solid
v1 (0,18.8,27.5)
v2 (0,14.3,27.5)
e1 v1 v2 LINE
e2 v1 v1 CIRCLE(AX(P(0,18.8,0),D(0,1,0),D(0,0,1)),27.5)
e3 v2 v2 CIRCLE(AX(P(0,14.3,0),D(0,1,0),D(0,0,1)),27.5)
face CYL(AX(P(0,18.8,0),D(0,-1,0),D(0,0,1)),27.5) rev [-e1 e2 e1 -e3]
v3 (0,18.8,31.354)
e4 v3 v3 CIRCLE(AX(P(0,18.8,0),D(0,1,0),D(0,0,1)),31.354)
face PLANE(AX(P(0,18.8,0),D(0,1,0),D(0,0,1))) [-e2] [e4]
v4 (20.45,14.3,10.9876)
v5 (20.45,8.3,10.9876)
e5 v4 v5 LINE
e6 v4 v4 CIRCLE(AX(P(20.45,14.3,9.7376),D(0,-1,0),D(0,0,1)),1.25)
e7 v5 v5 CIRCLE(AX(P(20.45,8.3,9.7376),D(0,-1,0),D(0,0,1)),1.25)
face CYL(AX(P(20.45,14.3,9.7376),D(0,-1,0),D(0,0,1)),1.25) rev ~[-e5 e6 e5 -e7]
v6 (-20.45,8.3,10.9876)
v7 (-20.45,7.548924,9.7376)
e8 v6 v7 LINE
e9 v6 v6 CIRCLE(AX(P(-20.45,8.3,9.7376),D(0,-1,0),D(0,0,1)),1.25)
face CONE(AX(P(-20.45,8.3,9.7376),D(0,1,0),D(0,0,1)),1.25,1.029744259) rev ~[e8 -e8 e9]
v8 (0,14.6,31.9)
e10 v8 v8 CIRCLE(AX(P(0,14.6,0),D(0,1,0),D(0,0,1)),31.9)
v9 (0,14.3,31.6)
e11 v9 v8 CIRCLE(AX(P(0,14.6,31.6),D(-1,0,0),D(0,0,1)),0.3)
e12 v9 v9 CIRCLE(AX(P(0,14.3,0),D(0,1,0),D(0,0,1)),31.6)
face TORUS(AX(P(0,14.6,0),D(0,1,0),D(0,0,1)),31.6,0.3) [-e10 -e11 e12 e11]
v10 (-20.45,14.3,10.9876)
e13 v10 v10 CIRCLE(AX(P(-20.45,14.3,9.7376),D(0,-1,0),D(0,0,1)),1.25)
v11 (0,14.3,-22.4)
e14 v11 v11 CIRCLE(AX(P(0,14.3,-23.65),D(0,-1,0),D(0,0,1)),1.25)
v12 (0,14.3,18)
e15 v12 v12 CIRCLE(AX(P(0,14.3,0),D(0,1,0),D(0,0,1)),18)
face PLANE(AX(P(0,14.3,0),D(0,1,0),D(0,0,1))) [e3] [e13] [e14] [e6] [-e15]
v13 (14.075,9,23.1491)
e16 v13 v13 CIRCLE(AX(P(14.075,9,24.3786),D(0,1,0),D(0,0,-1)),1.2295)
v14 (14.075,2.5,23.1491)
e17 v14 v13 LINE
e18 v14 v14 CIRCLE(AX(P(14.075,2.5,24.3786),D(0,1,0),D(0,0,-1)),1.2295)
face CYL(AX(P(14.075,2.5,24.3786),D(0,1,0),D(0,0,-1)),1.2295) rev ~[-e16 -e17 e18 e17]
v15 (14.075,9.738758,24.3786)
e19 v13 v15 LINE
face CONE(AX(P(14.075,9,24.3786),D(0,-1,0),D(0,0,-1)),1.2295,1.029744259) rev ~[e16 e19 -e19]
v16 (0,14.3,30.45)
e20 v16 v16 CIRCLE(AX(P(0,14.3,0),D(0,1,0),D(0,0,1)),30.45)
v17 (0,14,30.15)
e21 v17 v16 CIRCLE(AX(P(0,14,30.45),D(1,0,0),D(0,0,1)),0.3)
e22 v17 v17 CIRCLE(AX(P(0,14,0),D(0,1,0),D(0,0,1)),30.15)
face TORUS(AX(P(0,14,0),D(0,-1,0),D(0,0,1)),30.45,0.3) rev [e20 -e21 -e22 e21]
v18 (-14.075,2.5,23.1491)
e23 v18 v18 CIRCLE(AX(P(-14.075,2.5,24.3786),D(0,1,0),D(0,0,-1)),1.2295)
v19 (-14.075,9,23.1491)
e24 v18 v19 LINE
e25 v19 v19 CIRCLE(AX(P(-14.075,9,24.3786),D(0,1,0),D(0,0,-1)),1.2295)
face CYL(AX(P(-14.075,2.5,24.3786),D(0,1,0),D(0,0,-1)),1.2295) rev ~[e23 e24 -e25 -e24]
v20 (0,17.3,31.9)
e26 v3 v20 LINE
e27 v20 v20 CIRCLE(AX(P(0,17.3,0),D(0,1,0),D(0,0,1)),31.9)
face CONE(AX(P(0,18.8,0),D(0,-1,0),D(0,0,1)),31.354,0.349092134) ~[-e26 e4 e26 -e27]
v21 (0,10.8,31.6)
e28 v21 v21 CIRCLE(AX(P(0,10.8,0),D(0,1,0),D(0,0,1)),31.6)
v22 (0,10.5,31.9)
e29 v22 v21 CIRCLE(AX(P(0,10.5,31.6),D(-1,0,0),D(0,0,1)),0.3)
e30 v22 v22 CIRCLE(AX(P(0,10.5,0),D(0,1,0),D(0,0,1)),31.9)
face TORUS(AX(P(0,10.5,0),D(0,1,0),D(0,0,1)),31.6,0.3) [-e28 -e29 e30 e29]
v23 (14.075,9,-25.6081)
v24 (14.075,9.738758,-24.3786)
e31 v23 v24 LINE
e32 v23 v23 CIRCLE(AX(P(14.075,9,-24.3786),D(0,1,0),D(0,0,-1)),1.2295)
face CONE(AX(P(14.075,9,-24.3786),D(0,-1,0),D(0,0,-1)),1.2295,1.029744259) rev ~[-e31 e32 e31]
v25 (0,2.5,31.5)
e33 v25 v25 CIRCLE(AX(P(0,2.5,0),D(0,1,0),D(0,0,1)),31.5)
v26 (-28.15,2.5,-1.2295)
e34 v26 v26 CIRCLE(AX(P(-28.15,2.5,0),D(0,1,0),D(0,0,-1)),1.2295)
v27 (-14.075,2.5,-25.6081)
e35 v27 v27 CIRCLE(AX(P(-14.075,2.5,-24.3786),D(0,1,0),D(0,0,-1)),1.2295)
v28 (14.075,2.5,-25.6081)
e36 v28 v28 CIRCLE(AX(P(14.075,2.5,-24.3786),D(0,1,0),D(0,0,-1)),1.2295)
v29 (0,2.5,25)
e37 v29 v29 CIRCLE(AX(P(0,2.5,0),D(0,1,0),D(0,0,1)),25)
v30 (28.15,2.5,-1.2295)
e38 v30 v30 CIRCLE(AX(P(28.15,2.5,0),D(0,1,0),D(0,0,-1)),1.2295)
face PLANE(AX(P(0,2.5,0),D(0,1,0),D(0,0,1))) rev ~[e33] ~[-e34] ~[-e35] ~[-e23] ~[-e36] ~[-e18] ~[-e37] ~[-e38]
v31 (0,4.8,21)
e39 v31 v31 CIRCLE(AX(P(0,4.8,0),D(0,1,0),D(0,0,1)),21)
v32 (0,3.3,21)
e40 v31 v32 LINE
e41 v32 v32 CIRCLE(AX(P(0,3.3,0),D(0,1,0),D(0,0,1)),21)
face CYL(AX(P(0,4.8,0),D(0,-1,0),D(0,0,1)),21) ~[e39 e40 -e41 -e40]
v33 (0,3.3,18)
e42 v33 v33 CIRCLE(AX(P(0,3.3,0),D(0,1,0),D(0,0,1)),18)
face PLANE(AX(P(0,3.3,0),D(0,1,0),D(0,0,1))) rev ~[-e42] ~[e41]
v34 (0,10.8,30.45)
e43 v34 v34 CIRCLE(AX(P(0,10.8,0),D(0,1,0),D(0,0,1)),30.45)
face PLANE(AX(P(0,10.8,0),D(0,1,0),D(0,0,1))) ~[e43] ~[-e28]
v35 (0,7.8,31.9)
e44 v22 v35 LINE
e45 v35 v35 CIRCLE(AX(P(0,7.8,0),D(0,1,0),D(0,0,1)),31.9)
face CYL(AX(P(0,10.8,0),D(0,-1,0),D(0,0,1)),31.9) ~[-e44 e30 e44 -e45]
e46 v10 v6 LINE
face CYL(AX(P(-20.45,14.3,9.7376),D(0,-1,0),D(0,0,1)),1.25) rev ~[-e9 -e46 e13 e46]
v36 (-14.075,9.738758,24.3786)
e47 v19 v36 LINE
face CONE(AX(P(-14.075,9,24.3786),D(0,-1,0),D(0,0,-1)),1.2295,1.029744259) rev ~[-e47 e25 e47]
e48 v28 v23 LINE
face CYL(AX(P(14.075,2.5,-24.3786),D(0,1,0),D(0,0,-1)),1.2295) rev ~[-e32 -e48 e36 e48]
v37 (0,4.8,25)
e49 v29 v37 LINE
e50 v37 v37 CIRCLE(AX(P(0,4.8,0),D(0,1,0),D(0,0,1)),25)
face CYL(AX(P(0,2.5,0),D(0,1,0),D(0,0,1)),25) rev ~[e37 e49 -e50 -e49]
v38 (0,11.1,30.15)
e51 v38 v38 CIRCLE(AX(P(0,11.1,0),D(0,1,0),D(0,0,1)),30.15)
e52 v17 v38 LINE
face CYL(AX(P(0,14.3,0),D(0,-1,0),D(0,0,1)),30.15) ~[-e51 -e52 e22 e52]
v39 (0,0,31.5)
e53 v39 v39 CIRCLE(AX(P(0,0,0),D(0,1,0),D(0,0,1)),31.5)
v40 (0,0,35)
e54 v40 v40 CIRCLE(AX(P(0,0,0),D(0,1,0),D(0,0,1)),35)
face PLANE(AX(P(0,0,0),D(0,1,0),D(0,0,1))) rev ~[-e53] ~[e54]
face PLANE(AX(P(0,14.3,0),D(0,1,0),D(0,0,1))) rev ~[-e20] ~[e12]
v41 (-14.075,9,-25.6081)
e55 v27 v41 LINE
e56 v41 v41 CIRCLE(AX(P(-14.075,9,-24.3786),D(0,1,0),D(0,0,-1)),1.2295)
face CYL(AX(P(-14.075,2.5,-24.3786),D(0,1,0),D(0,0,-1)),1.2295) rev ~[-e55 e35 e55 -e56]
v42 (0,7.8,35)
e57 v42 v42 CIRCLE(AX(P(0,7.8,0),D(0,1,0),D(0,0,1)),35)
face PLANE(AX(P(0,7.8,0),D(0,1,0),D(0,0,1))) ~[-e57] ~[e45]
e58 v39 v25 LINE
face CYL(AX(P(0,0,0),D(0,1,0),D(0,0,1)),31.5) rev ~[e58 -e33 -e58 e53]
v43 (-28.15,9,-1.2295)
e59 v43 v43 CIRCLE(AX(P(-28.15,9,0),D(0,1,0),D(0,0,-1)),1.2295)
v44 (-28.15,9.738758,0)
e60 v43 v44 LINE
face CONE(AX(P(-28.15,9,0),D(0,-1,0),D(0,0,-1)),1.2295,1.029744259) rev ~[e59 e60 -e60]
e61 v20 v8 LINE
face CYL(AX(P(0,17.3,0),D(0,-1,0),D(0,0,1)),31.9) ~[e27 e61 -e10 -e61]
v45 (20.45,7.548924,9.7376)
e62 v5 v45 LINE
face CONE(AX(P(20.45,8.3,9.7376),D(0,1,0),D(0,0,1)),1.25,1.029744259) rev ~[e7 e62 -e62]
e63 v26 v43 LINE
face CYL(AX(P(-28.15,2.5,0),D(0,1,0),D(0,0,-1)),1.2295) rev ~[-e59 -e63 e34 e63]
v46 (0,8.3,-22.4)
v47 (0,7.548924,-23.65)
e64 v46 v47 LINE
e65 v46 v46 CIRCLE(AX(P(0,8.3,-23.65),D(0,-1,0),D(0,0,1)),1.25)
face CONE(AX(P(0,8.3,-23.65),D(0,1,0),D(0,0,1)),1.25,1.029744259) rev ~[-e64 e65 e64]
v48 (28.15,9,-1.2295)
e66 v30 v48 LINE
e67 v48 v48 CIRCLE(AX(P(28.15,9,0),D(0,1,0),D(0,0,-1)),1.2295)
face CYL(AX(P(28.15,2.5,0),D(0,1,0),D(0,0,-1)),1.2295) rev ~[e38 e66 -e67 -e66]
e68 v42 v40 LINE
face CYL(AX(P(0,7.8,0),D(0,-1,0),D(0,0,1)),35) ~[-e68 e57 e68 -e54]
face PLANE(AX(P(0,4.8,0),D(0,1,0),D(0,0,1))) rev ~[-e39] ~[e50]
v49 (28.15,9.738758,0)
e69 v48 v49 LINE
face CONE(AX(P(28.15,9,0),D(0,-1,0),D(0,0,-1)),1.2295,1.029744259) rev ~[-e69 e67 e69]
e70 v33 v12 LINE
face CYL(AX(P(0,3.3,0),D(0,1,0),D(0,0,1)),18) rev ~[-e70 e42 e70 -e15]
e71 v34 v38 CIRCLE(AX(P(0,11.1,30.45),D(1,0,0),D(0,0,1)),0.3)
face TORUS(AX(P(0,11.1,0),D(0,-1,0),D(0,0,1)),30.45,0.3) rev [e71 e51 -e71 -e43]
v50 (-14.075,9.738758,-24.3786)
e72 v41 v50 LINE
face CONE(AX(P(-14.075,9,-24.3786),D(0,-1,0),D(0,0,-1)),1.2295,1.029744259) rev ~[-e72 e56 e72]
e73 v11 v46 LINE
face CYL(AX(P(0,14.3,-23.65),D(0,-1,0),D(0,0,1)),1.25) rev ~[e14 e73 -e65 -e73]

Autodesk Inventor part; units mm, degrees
ref_plane "YZ Plane" through (0, 0, 0) normal (1, 0, 0) x (0, 1, 0)
ref_plane "XZ Plane" through (0, 0, 0) normal (0, 1, 0) x (-1, 0, 0)
ref_plane "XY Plane" through (0, 0, 0) normal (0, 0, 1) x (1, 0, 0)
sketch "Skizze2" plane through (0, 0, 0) normal (1, 0, 0) x (0, 1, 0)
  line L0 (0, 0) -> (18.8, 0)
  line L1 (3.3, 18) -> (14.3, 18)
  line L2 (18.8, 31.354) -> (17.3, 31.9)
  line L3 (17.3, 31.9) -> (14.3, 31.9)
  line L4 (14.3, 31.9) -> (14.3, 30.15)
  line L5 (14.3, 30.15) -> (10.8, 30.15)
  line L6 (10.8, 30.15) -> (10.8, 31.9)
  line L7 (10.8, 31.9) -> (7.8, 31.9)
  line L8 (7.8, 31.9) -> (7.8, 35)
  line L9 (7.8, 35) -> (0, 35)
  line L10 (0, 35) -> (0, 31.5)
  line L11 (0, 31.5) -> (2.5, 31.5)
  line L12 (2.5, 31.5) -> (2.5, 25)
  line L13 (2.5, 25) -> (4.8, 25)
  line L14 (4.8, 25) -> (4.8, 21)
  line L15 (4.8, 21) -> (3.3, 21)
  line L16 (3.3, 21) -> (3.3, 18)
  line L17 (18.8, 31.354) -> (18.8, 27.5)
  line L18 (18.8, 27.5) -> (14.3, 27.5)
  line L19 (14.3, 27.5) -> (14.3, 18)
  dimension "d5" = 36
  dimension "d10" = 20
  dimension "d11" = 60.3
  dimension "d12" = 63.8
  dimension "d15" = 3
  dimension "d16" = 1.5
  dimension "d17" = 4
  dimension "d19" = 2.3
  dimension "d20" = 63
  dimension "d26" = 70
  dimension "d28" = 2.5
  dimension "d33" = 11
  dimension "d34" = 1.5
  dimension "d35" = 4.5
  dimension "d36" = 8
  dimension "d37" = 11
  dimension "d53" = 55
  dimension "d54" = 4.5
revolve "Umdrehung1" add sketch "Skizze2" angle 360 about axis through (0, 0, 0) along (0, 1, 0)
fillet "Rundung1" radius 0.3 4 edges at (0, 10.8, -30.15) (0, 14.3, -30.15) (0, 10.8, -31.9) (0, 14.3, -31.9)
sketch "Skizze5" plane through (0, 2.5, 0) normal (0, -1, 0) x (1, 0, 0)
  line L0 (0, 0) -> (35, 0) construction
  circle A0 centre (0, 0) radius 35 construction
  point P0 (28.15, 0)
  point P1 (14.075, 24.3786)
  point P2 (-14.075, 24.3786)
  point P3 (-28.15, 0)
  point P4 (-14.075, -24.3786)
  point P5 (14.075, -24.3786)
  dimension "d58" = 28.15
  dimension "d61" = 360
hole "Bohrung3" at (28.15, 2.5, 0) at (14.075, 2.5, 24.3786) at (-14.075, 2.5, 24.3786) at (-28.15, 2.5, 0) at (-14.075, 2.5, -24.3786) at (14.075, 2.5, -24.3786) direction (0, 1, 0) diameter 2.459 depth 6.5 tip angle 118 thread size "M3x0.5" class "6H" standard "ISO Metric profile"
sketch "Skizze6" plane through (0, 14.3, 0) normal (0, 1, 0) x (1, 0, 0)
  circle A0 centre (0, 0) radius 22.65
  point P0 (0, 23.65)
  point P1 (20.45, -9.7376)
  point P2 (-20.45, -9.7376)
  dimension "d72" = 45.3
  dimension "d70" = 23.65
  dimension "d71" = 40.9
hole "Bohrung5" at (0, 14.3, -23.65) at (20.45, 14.3, 9.7376) at (-20.45, 14.3, 9.7376) direction (0, -1, 0) diameter 2.5 depth 6 tip angle 118
thread "Gewinde1" size "M3x0.5" class "6H" standard "ANSI Metric M Profile" full length
thread "Gewinde2" size "M3x0.5" class "6H" standard "ANSI Metric M Profile" full length
thread "Gewinde3" size "M3x0.5" class "6H" standard "ANSI Metric M Profile" full length
equation "\"d36\" = d35 + ORing1"
equation "\"ORing1\" = 3.5"
properties part number "Deckel_unten_BFA_35_30_10" material "PVC, hart"
